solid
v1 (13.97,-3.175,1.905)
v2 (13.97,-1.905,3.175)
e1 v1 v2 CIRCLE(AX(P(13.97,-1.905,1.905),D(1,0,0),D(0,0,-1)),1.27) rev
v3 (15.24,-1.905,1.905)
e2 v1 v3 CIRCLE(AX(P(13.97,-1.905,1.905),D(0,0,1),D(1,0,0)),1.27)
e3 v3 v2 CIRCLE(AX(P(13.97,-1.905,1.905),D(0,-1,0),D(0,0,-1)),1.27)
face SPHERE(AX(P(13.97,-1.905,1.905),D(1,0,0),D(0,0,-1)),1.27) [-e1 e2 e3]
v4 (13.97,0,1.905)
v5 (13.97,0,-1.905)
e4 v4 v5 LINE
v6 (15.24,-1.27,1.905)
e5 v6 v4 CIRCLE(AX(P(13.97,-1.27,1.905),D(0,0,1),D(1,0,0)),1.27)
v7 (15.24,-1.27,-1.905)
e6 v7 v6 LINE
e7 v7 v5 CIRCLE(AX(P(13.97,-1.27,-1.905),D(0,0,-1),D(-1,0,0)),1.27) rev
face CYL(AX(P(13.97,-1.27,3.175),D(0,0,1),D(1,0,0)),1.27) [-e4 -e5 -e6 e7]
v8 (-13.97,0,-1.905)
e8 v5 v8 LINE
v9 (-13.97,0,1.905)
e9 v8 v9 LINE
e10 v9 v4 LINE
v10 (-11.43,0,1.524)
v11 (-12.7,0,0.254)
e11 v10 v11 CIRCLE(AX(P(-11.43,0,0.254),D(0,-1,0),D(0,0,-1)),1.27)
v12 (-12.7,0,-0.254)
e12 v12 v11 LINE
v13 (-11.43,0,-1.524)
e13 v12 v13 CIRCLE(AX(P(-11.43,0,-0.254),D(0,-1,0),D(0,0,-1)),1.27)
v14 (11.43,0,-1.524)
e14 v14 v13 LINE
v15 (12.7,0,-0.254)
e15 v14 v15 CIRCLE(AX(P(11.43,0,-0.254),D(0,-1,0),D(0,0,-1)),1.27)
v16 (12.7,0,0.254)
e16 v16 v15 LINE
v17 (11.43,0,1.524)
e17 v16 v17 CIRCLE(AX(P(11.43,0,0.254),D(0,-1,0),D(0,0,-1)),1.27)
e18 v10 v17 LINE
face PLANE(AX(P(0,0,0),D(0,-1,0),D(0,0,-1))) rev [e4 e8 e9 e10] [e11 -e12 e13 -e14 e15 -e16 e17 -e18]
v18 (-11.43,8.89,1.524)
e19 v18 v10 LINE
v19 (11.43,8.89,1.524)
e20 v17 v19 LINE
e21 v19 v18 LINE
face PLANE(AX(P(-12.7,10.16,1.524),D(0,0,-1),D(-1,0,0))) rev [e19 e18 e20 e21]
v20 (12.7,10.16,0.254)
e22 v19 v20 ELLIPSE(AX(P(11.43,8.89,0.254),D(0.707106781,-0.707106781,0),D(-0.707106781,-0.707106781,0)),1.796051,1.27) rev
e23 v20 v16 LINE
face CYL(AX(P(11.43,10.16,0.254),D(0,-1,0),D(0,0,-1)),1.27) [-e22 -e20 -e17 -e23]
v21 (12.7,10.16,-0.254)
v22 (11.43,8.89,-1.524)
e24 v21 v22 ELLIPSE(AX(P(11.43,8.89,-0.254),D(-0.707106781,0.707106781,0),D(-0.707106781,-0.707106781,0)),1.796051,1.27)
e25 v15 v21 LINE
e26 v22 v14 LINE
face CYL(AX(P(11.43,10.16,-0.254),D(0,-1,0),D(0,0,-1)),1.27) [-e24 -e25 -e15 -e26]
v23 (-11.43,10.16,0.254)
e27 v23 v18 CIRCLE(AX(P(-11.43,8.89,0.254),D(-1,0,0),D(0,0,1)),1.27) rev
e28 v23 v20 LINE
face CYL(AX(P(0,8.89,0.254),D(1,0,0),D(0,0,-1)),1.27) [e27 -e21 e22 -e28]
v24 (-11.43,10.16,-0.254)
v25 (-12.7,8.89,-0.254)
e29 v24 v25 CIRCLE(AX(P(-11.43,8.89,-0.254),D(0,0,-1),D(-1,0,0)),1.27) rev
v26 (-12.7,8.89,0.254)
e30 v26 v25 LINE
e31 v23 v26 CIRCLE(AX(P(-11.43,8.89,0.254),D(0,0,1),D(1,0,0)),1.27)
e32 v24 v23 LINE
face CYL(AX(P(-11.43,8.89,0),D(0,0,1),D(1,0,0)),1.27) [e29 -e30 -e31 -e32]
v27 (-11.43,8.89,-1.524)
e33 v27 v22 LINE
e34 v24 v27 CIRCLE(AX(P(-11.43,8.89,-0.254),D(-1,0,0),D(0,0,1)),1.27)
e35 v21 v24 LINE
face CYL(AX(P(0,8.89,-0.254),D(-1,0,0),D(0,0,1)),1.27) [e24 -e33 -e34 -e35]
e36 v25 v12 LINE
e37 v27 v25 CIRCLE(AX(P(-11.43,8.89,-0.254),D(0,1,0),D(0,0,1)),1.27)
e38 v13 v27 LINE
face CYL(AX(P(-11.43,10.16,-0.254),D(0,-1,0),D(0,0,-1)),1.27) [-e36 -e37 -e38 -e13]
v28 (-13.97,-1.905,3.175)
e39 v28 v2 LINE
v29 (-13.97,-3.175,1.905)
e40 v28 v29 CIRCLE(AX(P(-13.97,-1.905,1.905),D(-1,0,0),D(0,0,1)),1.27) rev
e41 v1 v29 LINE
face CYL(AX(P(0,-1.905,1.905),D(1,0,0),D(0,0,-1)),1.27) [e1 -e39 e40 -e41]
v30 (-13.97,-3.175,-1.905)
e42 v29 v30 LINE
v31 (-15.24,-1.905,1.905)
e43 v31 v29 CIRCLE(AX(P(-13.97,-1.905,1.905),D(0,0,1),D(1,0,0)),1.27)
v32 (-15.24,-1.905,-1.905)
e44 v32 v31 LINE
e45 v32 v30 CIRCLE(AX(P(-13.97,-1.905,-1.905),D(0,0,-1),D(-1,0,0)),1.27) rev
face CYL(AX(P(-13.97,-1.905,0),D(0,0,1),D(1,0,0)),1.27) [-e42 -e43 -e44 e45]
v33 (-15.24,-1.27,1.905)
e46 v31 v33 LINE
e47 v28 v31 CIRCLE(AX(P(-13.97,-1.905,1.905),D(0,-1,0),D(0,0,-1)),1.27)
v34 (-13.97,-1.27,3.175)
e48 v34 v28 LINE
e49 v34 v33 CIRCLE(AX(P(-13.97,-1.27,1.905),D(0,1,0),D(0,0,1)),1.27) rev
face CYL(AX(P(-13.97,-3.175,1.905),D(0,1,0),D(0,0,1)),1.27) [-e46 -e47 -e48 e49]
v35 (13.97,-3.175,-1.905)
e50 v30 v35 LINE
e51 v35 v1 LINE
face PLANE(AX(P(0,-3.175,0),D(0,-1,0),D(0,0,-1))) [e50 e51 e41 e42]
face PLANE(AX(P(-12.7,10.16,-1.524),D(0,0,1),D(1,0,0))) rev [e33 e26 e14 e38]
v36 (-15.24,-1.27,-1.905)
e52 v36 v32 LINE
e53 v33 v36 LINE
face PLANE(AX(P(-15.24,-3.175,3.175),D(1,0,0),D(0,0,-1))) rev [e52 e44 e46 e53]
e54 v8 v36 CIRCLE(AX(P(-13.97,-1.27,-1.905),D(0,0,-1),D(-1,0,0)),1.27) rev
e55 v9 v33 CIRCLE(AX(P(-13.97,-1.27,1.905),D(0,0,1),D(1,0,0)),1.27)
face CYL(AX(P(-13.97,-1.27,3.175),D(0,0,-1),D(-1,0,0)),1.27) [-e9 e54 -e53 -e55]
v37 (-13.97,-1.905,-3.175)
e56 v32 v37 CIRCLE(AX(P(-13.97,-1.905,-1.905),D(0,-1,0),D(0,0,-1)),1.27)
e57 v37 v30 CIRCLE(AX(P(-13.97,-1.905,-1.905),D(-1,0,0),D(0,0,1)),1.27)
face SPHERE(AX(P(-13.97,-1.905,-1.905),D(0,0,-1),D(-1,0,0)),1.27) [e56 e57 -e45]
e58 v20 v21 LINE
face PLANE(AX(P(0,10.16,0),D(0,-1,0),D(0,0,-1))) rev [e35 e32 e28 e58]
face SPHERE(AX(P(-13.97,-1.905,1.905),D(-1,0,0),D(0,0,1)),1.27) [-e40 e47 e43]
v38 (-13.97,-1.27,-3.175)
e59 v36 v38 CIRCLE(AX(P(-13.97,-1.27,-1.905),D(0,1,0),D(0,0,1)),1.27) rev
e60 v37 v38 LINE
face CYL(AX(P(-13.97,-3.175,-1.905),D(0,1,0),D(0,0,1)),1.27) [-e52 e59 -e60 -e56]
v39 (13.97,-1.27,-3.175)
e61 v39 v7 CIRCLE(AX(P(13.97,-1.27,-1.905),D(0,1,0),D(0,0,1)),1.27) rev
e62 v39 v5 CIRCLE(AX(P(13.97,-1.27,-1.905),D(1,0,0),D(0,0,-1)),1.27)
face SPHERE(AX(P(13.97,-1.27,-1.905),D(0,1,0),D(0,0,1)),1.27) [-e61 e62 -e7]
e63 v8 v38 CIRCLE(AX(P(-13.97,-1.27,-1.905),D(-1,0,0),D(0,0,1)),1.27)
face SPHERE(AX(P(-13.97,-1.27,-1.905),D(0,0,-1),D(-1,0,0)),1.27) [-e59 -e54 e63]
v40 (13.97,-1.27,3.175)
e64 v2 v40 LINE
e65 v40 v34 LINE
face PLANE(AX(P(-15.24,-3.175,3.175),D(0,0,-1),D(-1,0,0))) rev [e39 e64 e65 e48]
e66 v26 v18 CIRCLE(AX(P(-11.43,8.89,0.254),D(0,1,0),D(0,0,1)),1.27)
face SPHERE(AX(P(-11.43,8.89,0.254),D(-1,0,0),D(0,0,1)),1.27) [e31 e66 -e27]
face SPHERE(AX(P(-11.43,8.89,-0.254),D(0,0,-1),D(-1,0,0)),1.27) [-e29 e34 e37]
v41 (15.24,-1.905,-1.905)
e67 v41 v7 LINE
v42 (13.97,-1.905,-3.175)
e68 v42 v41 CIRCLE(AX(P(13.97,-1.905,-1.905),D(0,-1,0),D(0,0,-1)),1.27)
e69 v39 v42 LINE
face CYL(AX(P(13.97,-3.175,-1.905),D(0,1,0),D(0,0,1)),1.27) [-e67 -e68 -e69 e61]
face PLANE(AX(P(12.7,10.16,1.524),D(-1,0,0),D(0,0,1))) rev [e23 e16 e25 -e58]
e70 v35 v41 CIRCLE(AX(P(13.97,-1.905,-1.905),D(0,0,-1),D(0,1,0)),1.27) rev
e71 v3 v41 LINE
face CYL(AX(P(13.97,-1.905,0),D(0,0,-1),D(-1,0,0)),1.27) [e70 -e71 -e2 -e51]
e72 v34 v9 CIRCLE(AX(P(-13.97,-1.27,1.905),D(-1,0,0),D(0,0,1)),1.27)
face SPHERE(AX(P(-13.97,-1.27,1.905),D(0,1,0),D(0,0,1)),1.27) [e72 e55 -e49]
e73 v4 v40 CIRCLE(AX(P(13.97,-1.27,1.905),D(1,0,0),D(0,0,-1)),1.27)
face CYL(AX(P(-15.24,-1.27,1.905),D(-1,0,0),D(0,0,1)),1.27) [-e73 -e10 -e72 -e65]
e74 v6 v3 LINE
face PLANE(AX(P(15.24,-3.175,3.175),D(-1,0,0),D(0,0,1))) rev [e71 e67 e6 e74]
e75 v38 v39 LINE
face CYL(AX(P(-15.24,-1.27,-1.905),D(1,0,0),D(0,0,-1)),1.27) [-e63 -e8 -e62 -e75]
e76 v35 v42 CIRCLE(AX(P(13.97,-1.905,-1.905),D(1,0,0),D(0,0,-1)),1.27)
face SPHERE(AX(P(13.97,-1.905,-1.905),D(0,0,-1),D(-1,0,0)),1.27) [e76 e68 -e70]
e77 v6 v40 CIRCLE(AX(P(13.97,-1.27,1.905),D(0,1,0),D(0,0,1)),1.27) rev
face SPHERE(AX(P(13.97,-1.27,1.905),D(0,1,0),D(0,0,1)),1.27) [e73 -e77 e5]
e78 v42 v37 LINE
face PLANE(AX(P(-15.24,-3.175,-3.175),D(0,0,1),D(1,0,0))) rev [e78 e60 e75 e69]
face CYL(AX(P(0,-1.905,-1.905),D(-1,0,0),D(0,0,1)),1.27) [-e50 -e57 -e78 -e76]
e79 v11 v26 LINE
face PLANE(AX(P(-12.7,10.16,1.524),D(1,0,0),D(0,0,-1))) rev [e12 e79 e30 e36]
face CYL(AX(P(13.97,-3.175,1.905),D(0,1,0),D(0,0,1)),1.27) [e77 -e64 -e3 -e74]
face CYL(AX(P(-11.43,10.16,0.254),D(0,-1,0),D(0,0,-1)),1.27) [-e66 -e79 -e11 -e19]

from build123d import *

# Parameters (mm, degrees)
SKETCH1_W           = 25.4
SKETCH1_H           = 3.048
BOSS_EXTRUDE1_DEPTH = 10.16
SKETCH2_W           = 30.48
SKETCH2_H           = 6.35
BOSS_EXTRUDE2_DEPTH = 3.175
FILLET1_R           = 1.27


with BuildPart() as part:
    # Sketch1 → Boss-Extrude1 (new body)
    with BuildSketch(Plane(origin=(0, 0, 0), x_dir=(1, 0, 0), z_dir=(0, 1, 0))):
        Rectangle(SKETCH1_W, SKETCH1_H)
    extrude(amount=BOSS_EXTRUDE1_DEPTH)

    # Sketch2 → Boss-Extrude2 (add)
    with BuildSketch(Plane.XZ):
        Rectangle(SKETCH2_W, SKETCH2_H)
    extrude(amount=BOSS_EXTRUDE2_DEPTH)

    # Fillet1
    fillet1_edges = [part.edges().sort_by_distance(p)[0] for p in [
        (-12.7, 10.16, 0),
        (15.24, 0, 0),
        (15.24, -1.5875, -3.175),
        (0, 0, 3.175),
        (15.24, -1.5875, 3.175),
        (-15.24, 0, 0),
        (-15.24, -1.5875, 3.175),
        (0, 0, -3.175),
        (-15.24, -1.5875, -3.175),
        (15.24, -3.175, 0),
        (0, -3.175, 3.175),
        (-15.24, -3.175, 0),
        (0, 10.16, 1.524),
        (0, -3.175, -3.175),
        (12.7, 5.08, 1.524),
        (-12.7, 5.08, 1.524),
        (-12.7, 5.08, -1.524),
        (12.7, 5.08, -1.524),
        (0, 10.16, -1.524),
    ]]
    fillet(fillet1_edges, radius=FILLET1_R)


solid = part.part
